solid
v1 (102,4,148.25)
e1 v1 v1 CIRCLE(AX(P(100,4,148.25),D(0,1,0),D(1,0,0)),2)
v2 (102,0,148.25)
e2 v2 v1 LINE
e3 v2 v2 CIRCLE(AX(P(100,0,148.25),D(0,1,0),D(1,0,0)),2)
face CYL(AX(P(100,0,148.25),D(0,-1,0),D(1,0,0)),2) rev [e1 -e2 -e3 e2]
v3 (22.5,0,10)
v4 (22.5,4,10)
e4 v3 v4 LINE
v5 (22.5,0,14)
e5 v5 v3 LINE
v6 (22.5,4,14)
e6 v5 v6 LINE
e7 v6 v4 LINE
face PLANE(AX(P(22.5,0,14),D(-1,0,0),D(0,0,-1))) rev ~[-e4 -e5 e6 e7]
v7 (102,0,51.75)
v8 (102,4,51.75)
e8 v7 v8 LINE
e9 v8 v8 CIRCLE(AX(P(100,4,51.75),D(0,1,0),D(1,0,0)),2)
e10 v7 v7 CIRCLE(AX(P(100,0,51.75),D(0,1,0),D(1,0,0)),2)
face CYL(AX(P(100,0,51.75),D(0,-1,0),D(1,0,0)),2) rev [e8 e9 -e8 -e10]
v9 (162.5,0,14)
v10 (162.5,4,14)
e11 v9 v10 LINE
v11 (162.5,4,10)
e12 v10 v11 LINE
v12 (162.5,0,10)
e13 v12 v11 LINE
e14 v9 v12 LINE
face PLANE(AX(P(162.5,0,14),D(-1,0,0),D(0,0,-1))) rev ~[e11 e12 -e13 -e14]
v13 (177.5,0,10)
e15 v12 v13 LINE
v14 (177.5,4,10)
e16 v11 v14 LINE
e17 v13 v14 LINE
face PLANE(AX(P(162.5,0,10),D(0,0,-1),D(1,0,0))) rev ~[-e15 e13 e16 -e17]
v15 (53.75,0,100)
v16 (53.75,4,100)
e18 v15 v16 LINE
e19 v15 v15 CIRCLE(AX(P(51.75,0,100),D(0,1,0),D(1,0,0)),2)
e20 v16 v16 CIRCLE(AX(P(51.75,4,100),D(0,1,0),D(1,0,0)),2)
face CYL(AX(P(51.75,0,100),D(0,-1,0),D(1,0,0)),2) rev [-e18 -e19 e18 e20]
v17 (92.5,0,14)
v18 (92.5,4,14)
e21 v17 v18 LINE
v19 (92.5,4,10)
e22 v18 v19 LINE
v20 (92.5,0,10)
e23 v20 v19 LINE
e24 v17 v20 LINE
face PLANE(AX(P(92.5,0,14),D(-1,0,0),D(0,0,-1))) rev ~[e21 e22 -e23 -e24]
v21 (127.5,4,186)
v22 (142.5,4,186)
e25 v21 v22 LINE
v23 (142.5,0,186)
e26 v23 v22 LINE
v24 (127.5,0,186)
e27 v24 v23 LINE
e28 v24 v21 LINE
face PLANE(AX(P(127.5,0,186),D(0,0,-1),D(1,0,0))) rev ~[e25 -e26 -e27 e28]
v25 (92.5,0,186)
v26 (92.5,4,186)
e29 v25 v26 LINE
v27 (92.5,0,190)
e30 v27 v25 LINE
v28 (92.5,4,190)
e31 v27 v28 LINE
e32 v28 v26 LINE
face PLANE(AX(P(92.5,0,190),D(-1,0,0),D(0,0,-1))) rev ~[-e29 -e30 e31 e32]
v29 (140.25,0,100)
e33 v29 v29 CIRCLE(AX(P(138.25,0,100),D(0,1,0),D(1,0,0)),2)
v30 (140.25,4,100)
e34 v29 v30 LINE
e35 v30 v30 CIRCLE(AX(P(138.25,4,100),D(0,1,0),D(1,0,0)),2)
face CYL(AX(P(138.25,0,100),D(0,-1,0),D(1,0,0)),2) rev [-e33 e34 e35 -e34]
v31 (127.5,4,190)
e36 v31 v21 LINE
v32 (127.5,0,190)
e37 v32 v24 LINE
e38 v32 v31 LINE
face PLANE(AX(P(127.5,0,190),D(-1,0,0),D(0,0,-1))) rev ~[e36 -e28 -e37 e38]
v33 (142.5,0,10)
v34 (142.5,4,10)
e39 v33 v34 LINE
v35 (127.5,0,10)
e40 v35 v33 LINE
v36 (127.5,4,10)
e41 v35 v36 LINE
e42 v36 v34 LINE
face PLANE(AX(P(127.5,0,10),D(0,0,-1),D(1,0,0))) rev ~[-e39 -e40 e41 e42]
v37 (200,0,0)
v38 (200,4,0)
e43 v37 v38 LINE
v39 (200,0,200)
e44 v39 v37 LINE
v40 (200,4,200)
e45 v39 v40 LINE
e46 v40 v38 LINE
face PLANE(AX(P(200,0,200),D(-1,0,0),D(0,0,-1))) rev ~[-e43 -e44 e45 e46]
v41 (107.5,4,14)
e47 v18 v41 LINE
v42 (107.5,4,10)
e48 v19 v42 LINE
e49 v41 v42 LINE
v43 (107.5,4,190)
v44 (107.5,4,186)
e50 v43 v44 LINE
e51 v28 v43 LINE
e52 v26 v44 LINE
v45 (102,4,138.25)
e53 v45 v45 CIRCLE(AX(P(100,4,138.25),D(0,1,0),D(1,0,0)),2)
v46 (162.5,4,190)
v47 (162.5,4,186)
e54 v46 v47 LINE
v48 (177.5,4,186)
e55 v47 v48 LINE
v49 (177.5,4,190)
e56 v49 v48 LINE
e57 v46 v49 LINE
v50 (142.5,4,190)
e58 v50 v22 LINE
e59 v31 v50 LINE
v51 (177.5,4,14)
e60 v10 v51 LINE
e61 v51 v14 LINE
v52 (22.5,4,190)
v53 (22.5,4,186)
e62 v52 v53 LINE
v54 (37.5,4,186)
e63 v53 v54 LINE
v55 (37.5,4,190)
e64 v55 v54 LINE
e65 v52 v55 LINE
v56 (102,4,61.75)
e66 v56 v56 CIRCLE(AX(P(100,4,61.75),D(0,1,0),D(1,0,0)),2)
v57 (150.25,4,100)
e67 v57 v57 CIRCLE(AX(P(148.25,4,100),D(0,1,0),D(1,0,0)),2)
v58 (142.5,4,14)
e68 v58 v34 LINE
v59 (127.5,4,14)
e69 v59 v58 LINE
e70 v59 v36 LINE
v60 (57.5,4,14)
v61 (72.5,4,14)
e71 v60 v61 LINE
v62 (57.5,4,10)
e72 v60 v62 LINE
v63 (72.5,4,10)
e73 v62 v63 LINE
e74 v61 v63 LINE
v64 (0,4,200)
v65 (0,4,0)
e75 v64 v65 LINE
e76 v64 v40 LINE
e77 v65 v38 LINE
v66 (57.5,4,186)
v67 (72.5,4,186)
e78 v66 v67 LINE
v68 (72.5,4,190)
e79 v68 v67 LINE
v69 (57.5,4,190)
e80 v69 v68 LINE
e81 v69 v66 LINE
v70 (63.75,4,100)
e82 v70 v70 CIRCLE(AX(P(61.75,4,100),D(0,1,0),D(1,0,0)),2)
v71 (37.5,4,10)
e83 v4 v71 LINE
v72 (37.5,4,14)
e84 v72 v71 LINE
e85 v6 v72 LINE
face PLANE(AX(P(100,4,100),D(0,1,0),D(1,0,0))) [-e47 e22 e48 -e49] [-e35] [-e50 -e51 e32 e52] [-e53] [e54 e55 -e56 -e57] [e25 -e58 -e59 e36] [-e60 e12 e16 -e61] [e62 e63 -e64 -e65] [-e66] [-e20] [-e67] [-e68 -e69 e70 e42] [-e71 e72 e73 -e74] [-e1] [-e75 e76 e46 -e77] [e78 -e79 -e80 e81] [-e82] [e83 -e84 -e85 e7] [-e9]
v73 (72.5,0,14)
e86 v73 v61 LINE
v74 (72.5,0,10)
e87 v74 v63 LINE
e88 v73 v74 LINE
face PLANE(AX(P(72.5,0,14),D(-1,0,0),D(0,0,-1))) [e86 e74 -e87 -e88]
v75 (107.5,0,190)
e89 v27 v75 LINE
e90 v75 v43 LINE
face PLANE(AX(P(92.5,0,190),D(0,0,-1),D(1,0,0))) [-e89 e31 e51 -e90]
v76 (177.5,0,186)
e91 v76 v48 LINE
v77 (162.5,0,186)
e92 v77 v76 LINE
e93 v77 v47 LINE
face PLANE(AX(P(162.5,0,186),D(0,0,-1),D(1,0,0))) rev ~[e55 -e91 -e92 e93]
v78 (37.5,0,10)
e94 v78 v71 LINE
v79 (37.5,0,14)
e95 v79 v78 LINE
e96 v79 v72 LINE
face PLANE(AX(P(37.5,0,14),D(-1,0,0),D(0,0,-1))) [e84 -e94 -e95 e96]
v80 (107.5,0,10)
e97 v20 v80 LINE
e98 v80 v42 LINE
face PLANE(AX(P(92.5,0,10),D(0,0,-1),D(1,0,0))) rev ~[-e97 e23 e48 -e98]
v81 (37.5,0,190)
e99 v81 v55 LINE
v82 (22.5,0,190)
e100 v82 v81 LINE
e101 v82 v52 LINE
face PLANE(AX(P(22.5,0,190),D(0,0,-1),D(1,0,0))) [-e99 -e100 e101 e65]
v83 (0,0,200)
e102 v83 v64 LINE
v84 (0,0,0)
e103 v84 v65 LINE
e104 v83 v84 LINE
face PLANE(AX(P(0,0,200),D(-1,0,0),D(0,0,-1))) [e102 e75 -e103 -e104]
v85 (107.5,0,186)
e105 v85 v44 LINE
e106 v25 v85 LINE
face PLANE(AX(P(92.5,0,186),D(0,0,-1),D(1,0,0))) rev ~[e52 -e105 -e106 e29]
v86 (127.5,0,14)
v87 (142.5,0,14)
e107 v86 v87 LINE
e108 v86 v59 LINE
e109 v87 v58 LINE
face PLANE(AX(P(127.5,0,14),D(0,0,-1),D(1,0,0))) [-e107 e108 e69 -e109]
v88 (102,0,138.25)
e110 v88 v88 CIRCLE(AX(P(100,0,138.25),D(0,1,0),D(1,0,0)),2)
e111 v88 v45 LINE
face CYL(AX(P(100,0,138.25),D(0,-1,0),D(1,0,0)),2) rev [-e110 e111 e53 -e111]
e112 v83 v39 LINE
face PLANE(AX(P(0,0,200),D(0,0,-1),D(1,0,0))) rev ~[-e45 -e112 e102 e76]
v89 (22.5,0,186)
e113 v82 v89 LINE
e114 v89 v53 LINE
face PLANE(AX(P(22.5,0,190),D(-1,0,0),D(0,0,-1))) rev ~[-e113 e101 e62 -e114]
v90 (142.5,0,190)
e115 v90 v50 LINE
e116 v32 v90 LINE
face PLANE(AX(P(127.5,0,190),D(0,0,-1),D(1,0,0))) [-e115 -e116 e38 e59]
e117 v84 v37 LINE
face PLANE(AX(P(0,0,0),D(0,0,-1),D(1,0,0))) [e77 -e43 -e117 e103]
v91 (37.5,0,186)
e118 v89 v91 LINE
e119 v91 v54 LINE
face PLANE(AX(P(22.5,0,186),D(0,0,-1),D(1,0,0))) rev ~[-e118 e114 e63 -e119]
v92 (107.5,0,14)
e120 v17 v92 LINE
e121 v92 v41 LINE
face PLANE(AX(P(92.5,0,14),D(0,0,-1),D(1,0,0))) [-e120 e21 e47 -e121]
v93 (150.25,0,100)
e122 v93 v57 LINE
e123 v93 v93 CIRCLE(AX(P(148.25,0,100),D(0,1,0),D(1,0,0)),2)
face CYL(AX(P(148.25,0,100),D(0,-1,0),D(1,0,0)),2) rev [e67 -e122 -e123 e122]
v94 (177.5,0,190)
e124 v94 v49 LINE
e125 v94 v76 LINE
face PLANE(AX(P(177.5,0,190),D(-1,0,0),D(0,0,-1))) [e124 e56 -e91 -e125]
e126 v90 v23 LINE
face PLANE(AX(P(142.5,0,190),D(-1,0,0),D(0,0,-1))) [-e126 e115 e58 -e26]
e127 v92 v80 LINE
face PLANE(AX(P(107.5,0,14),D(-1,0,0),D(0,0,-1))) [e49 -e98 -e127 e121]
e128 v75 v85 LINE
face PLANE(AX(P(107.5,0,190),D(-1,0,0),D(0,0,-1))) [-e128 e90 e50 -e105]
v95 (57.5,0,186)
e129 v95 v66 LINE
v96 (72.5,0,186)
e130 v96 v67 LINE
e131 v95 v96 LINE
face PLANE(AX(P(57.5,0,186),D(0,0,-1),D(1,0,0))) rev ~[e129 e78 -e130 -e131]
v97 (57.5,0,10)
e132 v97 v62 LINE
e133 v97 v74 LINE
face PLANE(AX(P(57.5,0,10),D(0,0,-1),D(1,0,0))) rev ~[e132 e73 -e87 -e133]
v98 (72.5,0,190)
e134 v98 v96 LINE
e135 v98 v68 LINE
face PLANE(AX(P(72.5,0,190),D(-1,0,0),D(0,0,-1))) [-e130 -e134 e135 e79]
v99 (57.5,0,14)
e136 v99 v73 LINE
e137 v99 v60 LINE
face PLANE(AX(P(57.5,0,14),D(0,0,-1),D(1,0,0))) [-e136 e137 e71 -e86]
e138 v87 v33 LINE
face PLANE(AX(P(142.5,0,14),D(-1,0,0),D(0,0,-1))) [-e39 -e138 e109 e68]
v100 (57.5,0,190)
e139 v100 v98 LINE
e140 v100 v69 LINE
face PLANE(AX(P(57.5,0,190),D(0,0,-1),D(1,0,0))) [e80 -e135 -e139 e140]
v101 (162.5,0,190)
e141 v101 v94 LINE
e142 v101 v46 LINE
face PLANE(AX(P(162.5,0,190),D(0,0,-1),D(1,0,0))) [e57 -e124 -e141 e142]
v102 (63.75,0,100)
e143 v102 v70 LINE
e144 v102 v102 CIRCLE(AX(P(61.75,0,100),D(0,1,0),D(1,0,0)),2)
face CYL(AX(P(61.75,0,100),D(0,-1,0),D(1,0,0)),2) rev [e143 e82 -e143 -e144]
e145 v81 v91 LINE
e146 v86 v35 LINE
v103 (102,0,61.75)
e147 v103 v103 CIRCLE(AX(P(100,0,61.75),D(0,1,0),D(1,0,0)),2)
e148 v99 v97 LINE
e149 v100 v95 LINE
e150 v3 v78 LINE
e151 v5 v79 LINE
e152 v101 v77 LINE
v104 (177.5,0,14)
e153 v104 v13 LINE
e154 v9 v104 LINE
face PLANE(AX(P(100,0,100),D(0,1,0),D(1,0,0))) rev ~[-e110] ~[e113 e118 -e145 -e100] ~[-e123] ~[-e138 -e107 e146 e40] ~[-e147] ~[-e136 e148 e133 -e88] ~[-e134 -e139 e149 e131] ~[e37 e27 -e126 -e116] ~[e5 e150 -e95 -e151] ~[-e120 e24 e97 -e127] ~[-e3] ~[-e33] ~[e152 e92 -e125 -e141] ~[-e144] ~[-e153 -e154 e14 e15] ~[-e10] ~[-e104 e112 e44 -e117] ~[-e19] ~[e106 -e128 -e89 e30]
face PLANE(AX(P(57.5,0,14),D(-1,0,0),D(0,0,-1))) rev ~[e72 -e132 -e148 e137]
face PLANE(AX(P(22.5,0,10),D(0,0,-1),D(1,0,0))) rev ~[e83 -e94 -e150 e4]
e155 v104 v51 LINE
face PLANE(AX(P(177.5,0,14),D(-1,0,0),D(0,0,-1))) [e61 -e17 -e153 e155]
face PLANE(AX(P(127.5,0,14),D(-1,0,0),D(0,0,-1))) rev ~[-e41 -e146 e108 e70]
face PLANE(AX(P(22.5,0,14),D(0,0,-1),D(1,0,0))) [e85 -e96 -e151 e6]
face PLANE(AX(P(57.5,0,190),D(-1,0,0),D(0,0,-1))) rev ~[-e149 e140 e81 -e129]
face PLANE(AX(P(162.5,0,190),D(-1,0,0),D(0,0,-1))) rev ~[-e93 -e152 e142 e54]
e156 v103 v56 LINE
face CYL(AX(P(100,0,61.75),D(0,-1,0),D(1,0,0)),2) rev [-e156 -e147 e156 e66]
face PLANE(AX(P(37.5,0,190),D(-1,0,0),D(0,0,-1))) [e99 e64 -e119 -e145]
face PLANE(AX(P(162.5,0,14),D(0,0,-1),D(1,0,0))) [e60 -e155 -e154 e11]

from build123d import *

# Parameters (mm, degrees)
SKETCH1_W           = 200
SKETCH1_H           = 200
SKETCH1_R           = 2
SKETCH1_W_2         = 15
SKETCH1_H_2         = 4
BOSS_EXTRUDE1_DEPTH = 4


with BuildPart() as part:
    # Sketch1 → Boss-Extrude1 (new body)
    with BuildSketch(Plane(origin=(0, 0, 0), x_dir=(1, 0, 0), z_dir=(0, 1, 0))):
        with Locations((100, -100)):
            Rectangle(SKETCH1_W, SKETCH1_H)
        with Locations((100, -61.75)):
            Circle(SKETCH1_R, mode=Mode.SUBTRACT)
        with Locations((100, -51.75)):
            Circle(SKETCH1_R, mode=Mode.SUBTRACT)
        with Locations((100, -148.25)):
            Circle(SKETCH1_R, mode=Mode.SUBTRACT)
        with Locations((100, -138.25)):
            Circle(SKETCH1_R, mode=Mode.SUBTRACT)
        with Locations((61.75, -100)):
            Circle(SKETCH1_R, mode=Mode.SUBTRACT)
        with Locations((51.75, -100)):
            Circle(SKETCH1_R, mode=Mode.SUBTRACT)
        with Locations((138.25, -100)):
            Circle(SKETCH1_R, mode=Mode.SUBTRACT)
        with Locations((148.25, -100)):
            Circle(SKETCH1_R, mode=Mode.SUBTRACT)
        with Locations((30, -12)):
            Rectangle(SKETCH1_W_2, SKETCH1_H_2, mode=Mode.SUBTRACT)
        with Locations((65, -12)):
            Rectangle(SKETCH1_W_2, SKETCH1_H_2, mode=Mode.SUBTRACT)
        with Locations((100, -12)):
            Rectangle(SKETCH1_W_2, SKETCH1_H_2, mode=Mode.SUBTRACT)
        with Locations((135, -12)):
            Rectangle(SKETCH1_W_2, SKETCH1_H_2, mode=Mode.SUBTRACT)
        with Locations((170, -12)):
            Rectangle(SKETCH1_W_2, SKETCH1_H_2, mode=Mode.SUBTRACT)
        with Locations((170, -188)):
            Rectangle(SKETCH1_W_2, SKETCH1_H_2, mode=Mode.SUBTRACT)
        with Locations((135, -188)):
            Rectangle(SKETCH1_W_2, SKETCH1_H_2, mode=Mode.SUBTRACT)
        with Locations((100, -188)):
            Rectangle(SKETCH1_W_2, SKETCH1_H_2, mode=Mode.SUBTRACT)
        with Locations((65, -188)):
            Rectangle(SKETCH1_W_2, SKETCH1_H_2, mode=Mode.SUBTRACT)
        with Locations((30, -188)):
            Rectangle(SKETCH1_W_2, SKETCH1_H_2, mode=Mode.SUBTRACT)
    extrude(amount=BOSS_EXTRUDE1_DEPTH)


solid = part.part
